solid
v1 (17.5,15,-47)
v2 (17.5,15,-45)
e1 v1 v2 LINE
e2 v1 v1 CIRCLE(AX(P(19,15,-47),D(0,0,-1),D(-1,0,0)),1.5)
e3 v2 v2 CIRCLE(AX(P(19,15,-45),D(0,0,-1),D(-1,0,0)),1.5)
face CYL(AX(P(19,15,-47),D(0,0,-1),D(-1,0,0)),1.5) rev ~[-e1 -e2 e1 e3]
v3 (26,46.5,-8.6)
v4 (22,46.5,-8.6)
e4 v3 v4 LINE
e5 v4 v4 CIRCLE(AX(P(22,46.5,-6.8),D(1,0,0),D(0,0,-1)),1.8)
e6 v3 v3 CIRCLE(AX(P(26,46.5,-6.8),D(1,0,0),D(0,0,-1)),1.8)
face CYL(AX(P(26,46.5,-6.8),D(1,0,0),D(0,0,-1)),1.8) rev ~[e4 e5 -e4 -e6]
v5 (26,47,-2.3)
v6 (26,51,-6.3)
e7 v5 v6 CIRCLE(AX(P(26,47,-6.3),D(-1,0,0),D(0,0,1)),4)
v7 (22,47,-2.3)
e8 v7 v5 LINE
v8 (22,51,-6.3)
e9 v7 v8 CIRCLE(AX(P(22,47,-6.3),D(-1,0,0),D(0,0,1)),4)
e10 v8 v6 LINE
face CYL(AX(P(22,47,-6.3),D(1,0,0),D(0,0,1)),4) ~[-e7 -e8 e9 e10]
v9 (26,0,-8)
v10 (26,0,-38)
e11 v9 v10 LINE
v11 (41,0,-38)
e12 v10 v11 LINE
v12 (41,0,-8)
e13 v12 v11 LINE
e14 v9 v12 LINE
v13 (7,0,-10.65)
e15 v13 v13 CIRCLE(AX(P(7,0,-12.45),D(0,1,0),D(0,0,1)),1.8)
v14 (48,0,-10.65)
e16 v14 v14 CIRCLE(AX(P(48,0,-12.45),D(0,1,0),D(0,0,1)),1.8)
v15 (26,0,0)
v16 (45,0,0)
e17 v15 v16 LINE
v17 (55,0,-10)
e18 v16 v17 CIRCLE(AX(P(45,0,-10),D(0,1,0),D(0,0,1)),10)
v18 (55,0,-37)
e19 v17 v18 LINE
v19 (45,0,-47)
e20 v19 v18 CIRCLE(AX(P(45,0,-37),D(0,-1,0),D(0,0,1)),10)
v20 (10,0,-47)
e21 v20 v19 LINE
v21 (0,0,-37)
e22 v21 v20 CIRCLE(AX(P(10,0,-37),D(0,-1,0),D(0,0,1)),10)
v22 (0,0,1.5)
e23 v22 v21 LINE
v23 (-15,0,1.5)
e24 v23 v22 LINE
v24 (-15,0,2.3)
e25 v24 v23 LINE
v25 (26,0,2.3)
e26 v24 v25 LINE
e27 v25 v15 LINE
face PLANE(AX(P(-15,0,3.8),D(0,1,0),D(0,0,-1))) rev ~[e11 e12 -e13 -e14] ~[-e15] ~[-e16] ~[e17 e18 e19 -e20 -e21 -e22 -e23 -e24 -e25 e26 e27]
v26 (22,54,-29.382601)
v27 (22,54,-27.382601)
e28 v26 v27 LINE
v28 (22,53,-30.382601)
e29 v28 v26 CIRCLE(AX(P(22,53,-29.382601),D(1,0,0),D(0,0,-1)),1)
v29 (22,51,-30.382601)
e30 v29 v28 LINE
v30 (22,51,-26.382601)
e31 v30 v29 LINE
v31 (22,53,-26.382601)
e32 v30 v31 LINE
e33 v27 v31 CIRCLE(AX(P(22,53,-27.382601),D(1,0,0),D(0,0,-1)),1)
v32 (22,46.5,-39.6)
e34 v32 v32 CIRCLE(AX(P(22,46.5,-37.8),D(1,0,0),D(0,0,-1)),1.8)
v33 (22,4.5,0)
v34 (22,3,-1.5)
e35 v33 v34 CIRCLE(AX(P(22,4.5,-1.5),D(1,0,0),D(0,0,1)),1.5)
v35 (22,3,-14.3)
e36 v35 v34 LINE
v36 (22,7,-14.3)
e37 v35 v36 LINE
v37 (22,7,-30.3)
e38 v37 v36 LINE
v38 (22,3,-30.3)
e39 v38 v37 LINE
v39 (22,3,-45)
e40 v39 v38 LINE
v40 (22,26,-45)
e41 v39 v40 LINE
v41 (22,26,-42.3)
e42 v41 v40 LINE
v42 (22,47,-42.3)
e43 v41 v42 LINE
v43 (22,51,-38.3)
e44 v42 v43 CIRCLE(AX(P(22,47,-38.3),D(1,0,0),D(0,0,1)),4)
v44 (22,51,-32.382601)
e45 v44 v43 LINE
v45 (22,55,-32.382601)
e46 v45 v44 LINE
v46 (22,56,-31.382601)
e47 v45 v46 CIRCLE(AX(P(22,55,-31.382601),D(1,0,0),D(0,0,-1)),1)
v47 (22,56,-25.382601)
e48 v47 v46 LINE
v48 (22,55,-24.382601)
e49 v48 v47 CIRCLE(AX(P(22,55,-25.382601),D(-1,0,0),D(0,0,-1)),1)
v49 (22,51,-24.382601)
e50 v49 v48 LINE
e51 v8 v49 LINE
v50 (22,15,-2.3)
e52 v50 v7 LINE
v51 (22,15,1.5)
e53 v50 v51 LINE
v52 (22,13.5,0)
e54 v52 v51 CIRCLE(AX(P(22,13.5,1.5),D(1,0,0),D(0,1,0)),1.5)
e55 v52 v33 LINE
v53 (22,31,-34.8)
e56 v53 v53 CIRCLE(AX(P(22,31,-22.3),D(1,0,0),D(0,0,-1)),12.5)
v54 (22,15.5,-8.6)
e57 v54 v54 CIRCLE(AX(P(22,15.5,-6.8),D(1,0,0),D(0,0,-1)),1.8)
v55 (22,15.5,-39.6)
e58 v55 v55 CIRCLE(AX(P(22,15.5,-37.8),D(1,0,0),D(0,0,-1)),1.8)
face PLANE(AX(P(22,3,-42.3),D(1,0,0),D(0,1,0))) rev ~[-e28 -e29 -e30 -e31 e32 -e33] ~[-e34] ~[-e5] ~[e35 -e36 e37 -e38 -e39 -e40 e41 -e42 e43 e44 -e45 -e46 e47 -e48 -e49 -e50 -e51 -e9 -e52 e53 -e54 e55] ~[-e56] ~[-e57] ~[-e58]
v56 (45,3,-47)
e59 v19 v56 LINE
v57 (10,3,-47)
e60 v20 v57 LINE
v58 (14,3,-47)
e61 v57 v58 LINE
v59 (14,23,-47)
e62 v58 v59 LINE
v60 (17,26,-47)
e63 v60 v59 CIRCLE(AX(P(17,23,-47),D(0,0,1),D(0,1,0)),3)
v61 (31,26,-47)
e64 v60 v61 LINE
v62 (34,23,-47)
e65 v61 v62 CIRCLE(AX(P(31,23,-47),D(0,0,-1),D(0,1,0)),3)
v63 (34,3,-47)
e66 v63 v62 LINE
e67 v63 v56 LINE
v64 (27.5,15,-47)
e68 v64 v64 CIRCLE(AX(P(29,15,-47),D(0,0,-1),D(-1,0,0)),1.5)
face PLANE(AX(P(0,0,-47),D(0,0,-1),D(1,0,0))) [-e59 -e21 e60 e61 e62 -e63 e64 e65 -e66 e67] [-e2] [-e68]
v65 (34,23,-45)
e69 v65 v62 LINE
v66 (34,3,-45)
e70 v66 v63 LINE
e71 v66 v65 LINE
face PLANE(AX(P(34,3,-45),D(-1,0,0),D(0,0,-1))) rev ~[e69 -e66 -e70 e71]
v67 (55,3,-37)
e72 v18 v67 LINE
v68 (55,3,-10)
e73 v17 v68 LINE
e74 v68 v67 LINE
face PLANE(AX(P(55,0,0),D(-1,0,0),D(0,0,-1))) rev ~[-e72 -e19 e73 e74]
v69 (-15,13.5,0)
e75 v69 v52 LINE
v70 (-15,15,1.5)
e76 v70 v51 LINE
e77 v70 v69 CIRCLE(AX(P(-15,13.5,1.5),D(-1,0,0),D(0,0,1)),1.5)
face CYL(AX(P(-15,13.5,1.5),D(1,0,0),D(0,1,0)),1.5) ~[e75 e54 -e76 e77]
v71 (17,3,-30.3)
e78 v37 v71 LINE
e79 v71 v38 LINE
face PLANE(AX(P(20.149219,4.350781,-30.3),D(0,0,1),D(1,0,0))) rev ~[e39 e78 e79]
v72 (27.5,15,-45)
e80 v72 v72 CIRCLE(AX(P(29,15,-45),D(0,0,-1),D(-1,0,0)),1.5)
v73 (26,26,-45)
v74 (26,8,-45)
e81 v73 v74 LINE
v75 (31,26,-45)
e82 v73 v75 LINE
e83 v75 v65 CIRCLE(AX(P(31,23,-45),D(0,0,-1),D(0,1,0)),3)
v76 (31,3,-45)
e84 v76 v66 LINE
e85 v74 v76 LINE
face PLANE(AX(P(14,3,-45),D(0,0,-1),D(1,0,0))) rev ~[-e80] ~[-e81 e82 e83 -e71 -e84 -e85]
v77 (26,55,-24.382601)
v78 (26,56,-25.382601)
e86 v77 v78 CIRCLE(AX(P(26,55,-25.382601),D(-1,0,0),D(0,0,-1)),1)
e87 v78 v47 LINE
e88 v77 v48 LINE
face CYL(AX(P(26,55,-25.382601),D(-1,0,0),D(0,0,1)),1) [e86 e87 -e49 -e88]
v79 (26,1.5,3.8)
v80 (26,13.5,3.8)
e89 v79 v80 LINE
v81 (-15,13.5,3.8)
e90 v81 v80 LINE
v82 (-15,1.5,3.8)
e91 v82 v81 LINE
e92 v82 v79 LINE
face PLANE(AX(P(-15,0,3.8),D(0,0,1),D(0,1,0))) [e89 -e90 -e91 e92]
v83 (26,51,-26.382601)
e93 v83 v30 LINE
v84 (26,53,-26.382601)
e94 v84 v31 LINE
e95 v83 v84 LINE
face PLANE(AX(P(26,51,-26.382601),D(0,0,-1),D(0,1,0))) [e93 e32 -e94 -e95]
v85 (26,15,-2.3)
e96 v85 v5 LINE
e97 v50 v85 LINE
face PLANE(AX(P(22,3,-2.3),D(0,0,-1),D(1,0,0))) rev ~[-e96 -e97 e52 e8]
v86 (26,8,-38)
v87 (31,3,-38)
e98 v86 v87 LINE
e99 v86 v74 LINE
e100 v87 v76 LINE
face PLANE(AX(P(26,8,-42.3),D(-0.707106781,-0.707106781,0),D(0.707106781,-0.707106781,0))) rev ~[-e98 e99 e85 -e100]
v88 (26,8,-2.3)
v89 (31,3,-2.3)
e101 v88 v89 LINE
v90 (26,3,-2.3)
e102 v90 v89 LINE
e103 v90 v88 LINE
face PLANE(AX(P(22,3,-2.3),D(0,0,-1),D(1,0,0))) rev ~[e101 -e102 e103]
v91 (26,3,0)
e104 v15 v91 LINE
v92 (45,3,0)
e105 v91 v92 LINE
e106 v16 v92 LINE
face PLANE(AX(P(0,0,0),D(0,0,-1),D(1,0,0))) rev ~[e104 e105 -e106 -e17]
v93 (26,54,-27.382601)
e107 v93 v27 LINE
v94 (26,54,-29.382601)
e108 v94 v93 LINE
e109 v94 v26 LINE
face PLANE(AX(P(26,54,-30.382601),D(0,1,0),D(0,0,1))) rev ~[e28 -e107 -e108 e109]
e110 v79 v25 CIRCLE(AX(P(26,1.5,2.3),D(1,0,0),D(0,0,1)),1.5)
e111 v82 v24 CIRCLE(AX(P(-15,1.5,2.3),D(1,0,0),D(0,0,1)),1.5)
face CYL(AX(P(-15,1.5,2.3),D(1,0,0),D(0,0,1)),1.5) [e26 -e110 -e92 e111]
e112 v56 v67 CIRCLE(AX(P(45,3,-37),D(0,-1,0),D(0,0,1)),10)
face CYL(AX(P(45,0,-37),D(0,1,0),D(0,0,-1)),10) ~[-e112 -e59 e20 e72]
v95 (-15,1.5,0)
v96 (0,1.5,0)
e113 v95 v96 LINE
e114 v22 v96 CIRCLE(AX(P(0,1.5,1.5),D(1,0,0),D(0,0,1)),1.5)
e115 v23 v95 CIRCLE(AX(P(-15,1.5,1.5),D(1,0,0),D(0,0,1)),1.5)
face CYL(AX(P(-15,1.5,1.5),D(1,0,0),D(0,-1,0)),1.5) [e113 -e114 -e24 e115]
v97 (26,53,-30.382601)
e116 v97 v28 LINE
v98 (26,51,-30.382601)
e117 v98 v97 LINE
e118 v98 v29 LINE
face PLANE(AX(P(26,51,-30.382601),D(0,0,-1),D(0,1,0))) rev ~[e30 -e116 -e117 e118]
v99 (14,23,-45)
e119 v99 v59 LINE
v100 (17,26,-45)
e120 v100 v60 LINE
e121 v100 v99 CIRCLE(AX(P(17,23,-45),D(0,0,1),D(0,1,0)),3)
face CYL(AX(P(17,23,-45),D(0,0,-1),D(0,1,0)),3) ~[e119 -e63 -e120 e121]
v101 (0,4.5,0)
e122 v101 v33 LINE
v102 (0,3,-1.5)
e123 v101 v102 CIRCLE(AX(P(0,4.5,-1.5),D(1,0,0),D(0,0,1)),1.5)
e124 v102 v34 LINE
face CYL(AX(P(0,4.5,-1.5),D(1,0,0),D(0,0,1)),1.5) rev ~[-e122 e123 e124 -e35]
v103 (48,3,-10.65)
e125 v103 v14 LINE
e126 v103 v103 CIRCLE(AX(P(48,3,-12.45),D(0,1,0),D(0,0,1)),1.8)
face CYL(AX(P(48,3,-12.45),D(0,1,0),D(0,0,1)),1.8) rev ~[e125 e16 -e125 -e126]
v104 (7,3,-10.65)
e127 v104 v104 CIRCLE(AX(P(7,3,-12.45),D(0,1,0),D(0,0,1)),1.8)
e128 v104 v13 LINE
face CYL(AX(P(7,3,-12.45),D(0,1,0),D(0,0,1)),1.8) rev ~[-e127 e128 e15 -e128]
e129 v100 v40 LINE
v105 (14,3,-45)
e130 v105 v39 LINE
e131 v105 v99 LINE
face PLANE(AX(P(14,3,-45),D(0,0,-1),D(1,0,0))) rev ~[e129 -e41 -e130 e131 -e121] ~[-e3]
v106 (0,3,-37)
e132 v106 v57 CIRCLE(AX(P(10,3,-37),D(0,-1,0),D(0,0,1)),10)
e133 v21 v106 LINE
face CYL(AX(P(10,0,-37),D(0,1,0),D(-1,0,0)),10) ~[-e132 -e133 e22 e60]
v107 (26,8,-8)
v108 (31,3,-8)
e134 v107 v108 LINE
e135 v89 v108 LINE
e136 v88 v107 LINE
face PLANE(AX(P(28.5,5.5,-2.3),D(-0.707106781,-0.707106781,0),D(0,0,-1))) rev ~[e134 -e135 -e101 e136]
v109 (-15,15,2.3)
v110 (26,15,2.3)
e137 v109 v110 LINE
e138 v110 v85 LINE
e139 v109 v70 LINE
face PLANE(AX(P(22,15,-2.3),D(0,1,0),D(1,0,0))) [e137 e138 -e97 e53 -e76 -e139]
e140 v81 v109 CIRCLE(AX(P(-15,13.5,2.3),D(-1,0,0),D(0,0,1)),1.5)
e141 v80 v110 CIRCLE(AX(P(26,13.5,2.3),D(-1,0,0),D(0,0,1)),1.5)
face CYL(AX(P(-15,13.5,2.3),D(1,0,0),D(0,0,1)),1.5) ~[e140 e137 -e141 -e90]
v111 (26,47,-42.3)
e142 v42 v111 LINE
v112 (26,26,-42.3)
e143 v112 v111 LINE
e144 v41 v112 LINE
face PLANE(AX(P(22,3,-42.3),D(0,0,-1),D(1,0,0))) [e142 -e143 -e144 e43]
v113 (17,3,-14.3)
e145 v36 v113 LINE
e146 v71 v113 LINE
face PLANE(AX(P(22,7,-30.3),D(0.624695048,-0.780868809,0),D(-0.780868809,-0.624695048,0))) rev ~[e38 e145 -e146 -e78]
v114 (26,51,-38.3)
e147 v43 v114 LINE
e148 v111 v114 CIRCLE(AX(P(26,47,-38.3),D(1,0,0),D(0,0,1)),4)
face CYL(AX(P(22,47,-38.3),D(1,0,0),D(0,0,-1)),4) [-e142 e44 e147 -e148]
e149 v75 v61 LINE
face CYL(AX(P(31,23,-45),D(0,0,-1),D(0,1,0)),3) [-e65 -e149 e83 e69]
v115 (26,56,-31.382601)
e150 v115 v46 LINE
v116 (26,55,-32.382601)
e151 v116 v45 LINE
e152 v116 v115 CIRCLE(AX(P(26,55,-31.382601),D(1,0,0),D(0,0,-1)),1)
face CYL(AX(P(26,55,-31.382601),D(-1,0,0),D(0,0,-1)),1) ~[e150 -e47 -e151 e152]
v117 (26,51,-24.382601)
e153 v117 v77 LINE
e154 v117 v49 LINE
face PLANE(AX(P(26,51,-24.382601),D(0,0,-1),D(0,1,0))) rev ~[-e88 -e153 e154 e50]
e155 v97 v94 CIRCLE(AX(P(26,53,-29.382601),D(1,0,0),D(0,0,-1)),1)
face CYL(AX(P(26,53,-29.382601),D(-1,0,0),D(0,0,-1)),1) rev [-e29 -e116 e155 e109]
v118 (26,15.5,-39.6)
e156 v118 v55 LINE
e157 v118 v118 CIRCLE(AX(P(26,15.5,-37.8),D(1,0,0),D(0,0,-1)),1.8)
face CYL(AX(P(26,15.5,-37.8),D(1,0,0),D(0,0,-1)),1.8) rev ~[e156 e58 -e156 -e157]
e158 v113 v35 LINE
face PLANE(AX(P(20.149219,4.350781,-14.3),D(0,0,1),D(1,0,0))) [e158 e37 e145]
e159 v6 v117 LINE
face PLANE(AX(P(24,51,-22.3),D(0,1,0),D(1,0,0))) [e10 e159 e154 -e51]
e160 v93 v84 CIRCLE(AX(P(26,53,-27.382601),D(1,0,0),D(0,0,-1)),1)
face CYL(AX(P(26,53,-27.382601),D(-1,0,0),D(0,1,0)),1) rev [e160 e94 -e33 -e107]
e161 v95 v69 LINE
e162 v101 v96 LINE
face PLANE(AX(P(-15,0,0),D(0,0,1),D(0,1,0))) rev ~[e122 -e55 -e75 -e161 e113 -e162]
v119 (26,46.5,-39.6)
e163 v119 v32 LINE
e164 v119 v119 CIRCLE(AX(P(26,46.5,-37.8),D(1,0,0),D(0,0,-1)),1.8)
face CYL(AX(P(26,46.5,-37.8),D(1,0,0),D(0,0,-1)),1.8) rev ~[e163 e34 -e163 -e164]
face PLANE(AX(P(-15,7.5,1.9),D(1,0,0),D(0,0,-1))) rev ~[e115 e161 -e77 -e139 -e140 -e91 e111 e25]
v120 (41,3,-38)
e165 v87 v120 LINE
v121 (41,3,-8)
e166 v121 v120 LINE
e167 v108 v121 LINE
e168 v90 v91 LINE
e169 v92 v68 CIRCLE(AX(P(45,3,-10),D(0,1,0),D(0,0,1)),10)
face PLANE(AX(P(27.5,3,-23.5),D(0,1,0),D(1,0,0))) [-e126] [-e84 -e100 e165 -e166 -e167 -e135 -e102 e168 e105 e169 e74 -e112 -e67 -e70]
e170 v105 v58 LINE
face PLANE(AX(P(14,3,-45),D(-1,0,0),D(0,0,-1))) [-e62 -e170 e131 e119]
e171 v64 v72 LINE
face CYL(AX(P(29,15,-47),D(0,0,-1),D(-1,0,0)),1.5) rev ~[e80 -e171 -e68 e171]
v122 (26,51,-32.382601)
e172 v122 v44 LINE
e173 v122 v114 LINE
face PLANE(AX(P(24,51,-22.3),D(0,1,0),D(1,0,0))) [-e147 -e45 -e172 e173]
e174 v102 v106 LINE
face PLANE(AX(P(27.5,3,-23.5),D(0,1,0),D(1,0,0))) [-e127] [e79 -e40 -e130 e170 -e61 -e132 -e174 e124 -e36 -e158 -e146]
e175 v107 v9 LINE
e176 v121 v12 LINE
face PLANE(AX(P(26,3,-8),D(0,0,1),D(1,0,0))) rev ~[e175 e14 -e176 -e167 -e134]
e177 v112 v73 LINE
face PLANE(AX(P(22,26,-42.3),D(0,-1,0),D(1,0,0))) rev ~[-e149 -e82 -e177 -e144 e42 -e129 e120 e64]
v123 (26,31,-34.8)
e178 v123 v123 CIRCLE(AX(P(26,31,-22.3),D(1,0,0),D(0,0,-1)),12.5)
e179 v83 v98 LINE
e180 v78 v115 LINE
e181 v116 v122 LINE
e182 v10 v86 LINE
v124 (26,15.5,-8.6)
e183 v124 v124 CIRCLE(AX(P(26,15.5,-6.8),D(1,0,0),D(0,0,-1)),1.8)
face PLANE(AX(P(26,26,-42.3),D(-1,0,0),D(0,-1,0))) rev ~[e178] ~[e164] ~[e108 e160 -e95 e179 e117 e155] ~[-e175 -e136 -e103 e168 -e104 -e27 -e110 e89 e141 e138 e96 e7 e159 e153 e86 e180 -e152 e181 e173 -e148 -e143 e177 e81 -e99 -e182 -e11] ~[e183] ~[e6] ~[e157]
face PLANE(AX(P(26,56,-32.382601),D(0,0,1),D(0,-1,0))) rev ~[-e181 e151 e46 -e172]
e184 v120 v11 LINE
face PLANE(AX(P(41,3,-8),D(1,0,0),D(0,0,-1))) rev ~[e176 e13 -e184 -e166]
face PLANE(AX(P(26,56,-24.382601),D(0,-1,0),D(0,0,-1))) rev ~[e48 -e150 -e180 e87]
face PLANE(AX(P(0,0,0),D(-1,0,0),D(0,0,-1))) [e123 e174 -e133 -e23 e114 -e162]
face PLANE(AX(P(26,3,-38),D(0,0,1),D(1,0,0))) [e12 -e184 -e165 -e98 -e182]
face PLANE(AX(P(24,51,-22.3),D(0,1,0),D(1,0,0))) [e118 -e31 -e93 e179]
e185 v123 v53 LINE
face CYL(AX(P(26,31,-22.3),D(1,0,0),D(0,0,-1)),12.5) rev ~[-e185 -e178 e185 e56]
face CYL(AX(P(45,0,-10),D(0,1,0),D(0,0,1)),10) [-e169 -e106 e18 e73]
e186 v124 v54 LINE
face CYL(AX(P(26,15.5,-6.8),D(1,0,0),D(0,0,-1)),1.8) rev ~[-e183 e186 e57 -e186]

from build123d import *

# Parameters (mm, degrees)
SKETCH_1_W           = 55
SKETCH_1_H           = 47
EXTRUDE_1_DEPTH      = 3
SKETCH_2_W           = 4
SKETCH_2_H           = 40
EXTRUDE_2_DEPTH      = 48
SKETCH_3_R           = 1.8
CUT_EXTRUDE_1_DEPTH  = 12
SKETCH_4_R           = 1.8
SKETCH_4_R_2         = 12.5
CUT_EXTRUDE_2_DEPTH  = 12
SKETCH_5_W           = 15
SKETCH_5_H           = 30
CUT_EXTRUDE_3_DEPTH  = 12
FILLET_1_R           = 10
FILLET_2_R           = 4
CHAMFER_1_SIZE       = 5
EXTRUDE_START        = -12
EXTRUDE_3_DEPTH      = 16
EXTRUDE_4_DEPTH      = 26
EXTRUDE_4_DEPTH_BACK = 15
SKETCH_7_W           = 3.8
SKETCH_7_H           = 15
FILLET_3_R           = 1.5
SKETCH_8_W           = 4
SKETCH_8_H           = 12
EXTRUDE_5_DEPTH      = 3.8
SKETCH_9_W           = 20
SKETCH_9_H           = 2
EXTRUDE_6_DEPTH      = 23
EXTRUDE_7_DEPTH      = 2.7
SKETCH_11_R          = 1.5
CUT_EXTRUDE_4_DEPTH  = 23
FILLET_4_R           = 3
EXTRUDE_START_2      = -4
SKETCH_12_W          = 2
SKETCH_12_H          = 3
EXTRUDE_8_DEPTH      = 4
FILLET_5_R           = 1


with BuildPart() as part:
    # Эскиз1 → Бобышка-Вытянуть1 (new body)
    with BuildSketch(Plane(origin=(0, 0, 0), x_dir=(1, 0, 0), z_dir=(0, 1, 0))):
        with Locations((27.5, 23.5)):
            Rectangle(SKETCH_1_W, SKETCH_1_H)
    extrude(amount=EXTRUDE_1_DEPTH)

    # Эскиз2 → Бобышка-Вытянуть2 (add)
    with BuildSketch(Plane(origin=(-5.991084473, 3, 0), x_dir=(1, 0, 0), z_dir=(0, 1, 0))):
        with Locations((29.991084473, 22.3)):
            Rectangle(SKETCH_2_W, SKETCH_2_H)
    extrude(amount=EXTRUDE_2_DEPTH)

    # Эскиз3 → Вырез-Вытянуть1 (cut)
    with BuildSketch(Plane(origin=(0, 3, 0), x_dir=(1, 0, 0), z_dir=(0, 1, 0))):
        with Locations(Location((7, 12.45, 0), (0, 0, 270))):
            Circle(SKETCH_3_R)
        with Locations(Location((48, 12.45, 0), (0, 0, 270))):
            Circle(SKETCH_3_R)
    extrude(amount=-CUT_EXTRUDE_1_DEPTH, mode=Mode.SUBTRACT)

    # Эскиз4 → Вырез-Вытянуть2 (cut)
    with BuildSketch(Plane(origin=(26, 0, 0), x_dir=(0, 0, -1), z_dir=(1, 0, 0))):
        with Locations((6.8, 46.5)):
            Circle(SKETCH_4_R)
        with Locations((37.8, 46.5)):
            Circle(SKETCH_4_R)
        with Locations((6.8, 15.5)):
            Circle(SKETCH_4_R)
        with Locations((37.8, 15.5)):
            Circle(SKETCH_4_R)
        with Locations((22.3, 31)):
            Circle(SKETCH_4_R_2)
    extrude(amount=-CUT_EXTRUDE_2_DEPTH, mode=Mode.SUBTRACT)

    # Эскиз5 → Вырез-Вытянуть3 (cut)
    with BuildSketch(Plane(origin=(0, 3, 0), x_dir=(1, 0, 0), z_dir=(0, 1, 0))):
        with Locations((33.5, 23)):
            Rectangle(SKETCH_5_W, SKETCH_5_H)
    extrude(amount=-CUT_EXTRUDE_3_DEPTH, mode=Mode.SUBTRACT)

    # Скругление1
    fillet_1_edges = [part.edges().sort_by_distance(p)[0] for p in [
        (0, 1.5, -47),
        (55, 1.5, -47),
        (55, 1.5, 0),
    ]]
    fillet(fillet_1_edges, radius=FILLET_1_R)

    # Скругление2
    fillet_2_edges = [part.edges().sort_by_distance(p)[0] for p in [
        (24, 51, -2.3),
        (24, 51, -42.3),
    ]]
    fillet(fillet_2_edges, radius=FILLET_2_R)

    # Фаска1
    chamfer_1_edges = [part.edges().sort_by_distance(p)[0] for p in [
        (26, 3, -5.15),
        (26, 3, -40.15),
    ]]
    chamfer(chamfer_1_edges, length=CHAMFER_1_SIZE)

    # Эскиз6 → Бобышка-Вытянуть3 (add)
    with BuildSketch(Plane(origin=(0, 0, -42.3), x_dir=(-1, 0, 0), z_dir=(0, 0, -1)).offset(EXTRUDE_START)):
        Polygon((-22, 3), (-22, 7), (-17, 3), align=None)
    extrude(amount=-EXTRUDE_3_DEPTH)

    # Эскиз7 → Бобышка-Вытянуть4 (add, two sides: drawn at the far end of the back side and taken through both)
    with BuildSketch(Plane(origin=(0, 0, 0), x_dir=(0, 0, -1), z_dir=(1, 0, 0)).offset(-EXTRUDE_4_DEPTH_BACK)):
        with Locations((-1.9, 7.5)):
            Rectangle(SKETCH_7_W, SKETCH_7_H)
    extrude(amount=EXTRUDE_4_DEPTH + EXTRUDE_4_DEPTH_BACK)

    # Скругление3
    fillet_3_edges = [part.edges().sort_by_distance(p)[0] for p in [
        (5.5, 15, 0),
        (5.5, 0, 3.8),
        (5.5, 15, 3.8),
        (-7.5, 0, 0),
        (13, 3, 0),
    ]]
    fillet(fillet_3_edges, radius=FILLET_3_R)

    # Эскиз8 → Бобышка-Вытянуть5 (add)
    with BuildSketch(Plane.XY.offset(-2.3)):
        with Locations((24, 9)):
            Rectangle(SKETCH_8_W, SKETCH_8_H)
    extrude(amount=EXTRUDE_5_DEPTH)

    # Эскиз9 → Бобышка-Вытянуть6 (add)
    with BuildSketch(Plane(origin=(0, 3, 0), x_dir=(1, 0, 0), z_dir=(0, 1, 0))):
        with Locations((24, 46)):
            Rectangle(SKETCH_9_W, SKETCH_9_H)
    extrude(amount=EXTRUDE_6_DEPTH)

    # Эскиз10 → Бобышка-Вытянуть7 (add)
    with BuildSketch(Plane(origin=(0, 0, -42.3), x_dir=(-1, 0, 0), z_dir=(0, 0, -1))):
        Polygon((-22, 26), (-26, 26), (-26, 8), (-31, 3), (-22, 3), align=None)
    extrude(amount=EXTRUDE_7_DEPTH)

    # Эскиз11 → Вырез-Вытянуть4 (cut)
    with BuildSketch(Plane(origin=(0, 0, -47), x_dir=(-1, 0, 0), z_dir=(0, 0, -1))):
        with Locations((-29, 15)):
            Circle(SKETCH_11_R)
        with Locations((-19, 15)):
            Circle(SKETCH_11_R)
    extrude(amount=-CUT_EXTRUDE_4_DEPTH, mode=Mode.SUBTRACT)

    # Скругление4
    fillet_4_edges = [part.edges().sort_by_distance(p)[0] for p in [
        (14, 26, -46),
        (34, 26, -46),
    ]]
    fillet(fillet_4_edges, radius=FILLET_4_R)

    # Эскиз12 → Бобышка-Вытянуть8 (add)
    with BuildSketch(Plane.ZY.offset(-22).offset(EXTRUDE_START_2)):
        Polygon((-32.382601146, 56), (-32.382601146, 54), (-30.382601146, 54), (-26.382601146, 54), (-24.382601146, 54), (-24.382601146, 56), align=None)
        with Locations((-31.382601146, 52.5)):
            Rectangle(SKETCH_12_W, SKETCH_12_H)
        with Locations((-25.382601146, 52.5)):
            Rectangle(SKETCH_12_W, SKETCH_12_H)
    extrude(amount=EXTRUDE_8_DEPTH)

    # Скругление5
    fillet_5_edges = [part.edges().sort_by_distance(p)[0] for p in [
        (24, 54, -26.382601146),
        (24, 54, -30.382601146),
        (24, 56, -32.382601146),
        (24, 56, -24.382601146),
    ]]
    fillet(fillet_5_edges, radius=FILLET_5_R)


solid = part.part
